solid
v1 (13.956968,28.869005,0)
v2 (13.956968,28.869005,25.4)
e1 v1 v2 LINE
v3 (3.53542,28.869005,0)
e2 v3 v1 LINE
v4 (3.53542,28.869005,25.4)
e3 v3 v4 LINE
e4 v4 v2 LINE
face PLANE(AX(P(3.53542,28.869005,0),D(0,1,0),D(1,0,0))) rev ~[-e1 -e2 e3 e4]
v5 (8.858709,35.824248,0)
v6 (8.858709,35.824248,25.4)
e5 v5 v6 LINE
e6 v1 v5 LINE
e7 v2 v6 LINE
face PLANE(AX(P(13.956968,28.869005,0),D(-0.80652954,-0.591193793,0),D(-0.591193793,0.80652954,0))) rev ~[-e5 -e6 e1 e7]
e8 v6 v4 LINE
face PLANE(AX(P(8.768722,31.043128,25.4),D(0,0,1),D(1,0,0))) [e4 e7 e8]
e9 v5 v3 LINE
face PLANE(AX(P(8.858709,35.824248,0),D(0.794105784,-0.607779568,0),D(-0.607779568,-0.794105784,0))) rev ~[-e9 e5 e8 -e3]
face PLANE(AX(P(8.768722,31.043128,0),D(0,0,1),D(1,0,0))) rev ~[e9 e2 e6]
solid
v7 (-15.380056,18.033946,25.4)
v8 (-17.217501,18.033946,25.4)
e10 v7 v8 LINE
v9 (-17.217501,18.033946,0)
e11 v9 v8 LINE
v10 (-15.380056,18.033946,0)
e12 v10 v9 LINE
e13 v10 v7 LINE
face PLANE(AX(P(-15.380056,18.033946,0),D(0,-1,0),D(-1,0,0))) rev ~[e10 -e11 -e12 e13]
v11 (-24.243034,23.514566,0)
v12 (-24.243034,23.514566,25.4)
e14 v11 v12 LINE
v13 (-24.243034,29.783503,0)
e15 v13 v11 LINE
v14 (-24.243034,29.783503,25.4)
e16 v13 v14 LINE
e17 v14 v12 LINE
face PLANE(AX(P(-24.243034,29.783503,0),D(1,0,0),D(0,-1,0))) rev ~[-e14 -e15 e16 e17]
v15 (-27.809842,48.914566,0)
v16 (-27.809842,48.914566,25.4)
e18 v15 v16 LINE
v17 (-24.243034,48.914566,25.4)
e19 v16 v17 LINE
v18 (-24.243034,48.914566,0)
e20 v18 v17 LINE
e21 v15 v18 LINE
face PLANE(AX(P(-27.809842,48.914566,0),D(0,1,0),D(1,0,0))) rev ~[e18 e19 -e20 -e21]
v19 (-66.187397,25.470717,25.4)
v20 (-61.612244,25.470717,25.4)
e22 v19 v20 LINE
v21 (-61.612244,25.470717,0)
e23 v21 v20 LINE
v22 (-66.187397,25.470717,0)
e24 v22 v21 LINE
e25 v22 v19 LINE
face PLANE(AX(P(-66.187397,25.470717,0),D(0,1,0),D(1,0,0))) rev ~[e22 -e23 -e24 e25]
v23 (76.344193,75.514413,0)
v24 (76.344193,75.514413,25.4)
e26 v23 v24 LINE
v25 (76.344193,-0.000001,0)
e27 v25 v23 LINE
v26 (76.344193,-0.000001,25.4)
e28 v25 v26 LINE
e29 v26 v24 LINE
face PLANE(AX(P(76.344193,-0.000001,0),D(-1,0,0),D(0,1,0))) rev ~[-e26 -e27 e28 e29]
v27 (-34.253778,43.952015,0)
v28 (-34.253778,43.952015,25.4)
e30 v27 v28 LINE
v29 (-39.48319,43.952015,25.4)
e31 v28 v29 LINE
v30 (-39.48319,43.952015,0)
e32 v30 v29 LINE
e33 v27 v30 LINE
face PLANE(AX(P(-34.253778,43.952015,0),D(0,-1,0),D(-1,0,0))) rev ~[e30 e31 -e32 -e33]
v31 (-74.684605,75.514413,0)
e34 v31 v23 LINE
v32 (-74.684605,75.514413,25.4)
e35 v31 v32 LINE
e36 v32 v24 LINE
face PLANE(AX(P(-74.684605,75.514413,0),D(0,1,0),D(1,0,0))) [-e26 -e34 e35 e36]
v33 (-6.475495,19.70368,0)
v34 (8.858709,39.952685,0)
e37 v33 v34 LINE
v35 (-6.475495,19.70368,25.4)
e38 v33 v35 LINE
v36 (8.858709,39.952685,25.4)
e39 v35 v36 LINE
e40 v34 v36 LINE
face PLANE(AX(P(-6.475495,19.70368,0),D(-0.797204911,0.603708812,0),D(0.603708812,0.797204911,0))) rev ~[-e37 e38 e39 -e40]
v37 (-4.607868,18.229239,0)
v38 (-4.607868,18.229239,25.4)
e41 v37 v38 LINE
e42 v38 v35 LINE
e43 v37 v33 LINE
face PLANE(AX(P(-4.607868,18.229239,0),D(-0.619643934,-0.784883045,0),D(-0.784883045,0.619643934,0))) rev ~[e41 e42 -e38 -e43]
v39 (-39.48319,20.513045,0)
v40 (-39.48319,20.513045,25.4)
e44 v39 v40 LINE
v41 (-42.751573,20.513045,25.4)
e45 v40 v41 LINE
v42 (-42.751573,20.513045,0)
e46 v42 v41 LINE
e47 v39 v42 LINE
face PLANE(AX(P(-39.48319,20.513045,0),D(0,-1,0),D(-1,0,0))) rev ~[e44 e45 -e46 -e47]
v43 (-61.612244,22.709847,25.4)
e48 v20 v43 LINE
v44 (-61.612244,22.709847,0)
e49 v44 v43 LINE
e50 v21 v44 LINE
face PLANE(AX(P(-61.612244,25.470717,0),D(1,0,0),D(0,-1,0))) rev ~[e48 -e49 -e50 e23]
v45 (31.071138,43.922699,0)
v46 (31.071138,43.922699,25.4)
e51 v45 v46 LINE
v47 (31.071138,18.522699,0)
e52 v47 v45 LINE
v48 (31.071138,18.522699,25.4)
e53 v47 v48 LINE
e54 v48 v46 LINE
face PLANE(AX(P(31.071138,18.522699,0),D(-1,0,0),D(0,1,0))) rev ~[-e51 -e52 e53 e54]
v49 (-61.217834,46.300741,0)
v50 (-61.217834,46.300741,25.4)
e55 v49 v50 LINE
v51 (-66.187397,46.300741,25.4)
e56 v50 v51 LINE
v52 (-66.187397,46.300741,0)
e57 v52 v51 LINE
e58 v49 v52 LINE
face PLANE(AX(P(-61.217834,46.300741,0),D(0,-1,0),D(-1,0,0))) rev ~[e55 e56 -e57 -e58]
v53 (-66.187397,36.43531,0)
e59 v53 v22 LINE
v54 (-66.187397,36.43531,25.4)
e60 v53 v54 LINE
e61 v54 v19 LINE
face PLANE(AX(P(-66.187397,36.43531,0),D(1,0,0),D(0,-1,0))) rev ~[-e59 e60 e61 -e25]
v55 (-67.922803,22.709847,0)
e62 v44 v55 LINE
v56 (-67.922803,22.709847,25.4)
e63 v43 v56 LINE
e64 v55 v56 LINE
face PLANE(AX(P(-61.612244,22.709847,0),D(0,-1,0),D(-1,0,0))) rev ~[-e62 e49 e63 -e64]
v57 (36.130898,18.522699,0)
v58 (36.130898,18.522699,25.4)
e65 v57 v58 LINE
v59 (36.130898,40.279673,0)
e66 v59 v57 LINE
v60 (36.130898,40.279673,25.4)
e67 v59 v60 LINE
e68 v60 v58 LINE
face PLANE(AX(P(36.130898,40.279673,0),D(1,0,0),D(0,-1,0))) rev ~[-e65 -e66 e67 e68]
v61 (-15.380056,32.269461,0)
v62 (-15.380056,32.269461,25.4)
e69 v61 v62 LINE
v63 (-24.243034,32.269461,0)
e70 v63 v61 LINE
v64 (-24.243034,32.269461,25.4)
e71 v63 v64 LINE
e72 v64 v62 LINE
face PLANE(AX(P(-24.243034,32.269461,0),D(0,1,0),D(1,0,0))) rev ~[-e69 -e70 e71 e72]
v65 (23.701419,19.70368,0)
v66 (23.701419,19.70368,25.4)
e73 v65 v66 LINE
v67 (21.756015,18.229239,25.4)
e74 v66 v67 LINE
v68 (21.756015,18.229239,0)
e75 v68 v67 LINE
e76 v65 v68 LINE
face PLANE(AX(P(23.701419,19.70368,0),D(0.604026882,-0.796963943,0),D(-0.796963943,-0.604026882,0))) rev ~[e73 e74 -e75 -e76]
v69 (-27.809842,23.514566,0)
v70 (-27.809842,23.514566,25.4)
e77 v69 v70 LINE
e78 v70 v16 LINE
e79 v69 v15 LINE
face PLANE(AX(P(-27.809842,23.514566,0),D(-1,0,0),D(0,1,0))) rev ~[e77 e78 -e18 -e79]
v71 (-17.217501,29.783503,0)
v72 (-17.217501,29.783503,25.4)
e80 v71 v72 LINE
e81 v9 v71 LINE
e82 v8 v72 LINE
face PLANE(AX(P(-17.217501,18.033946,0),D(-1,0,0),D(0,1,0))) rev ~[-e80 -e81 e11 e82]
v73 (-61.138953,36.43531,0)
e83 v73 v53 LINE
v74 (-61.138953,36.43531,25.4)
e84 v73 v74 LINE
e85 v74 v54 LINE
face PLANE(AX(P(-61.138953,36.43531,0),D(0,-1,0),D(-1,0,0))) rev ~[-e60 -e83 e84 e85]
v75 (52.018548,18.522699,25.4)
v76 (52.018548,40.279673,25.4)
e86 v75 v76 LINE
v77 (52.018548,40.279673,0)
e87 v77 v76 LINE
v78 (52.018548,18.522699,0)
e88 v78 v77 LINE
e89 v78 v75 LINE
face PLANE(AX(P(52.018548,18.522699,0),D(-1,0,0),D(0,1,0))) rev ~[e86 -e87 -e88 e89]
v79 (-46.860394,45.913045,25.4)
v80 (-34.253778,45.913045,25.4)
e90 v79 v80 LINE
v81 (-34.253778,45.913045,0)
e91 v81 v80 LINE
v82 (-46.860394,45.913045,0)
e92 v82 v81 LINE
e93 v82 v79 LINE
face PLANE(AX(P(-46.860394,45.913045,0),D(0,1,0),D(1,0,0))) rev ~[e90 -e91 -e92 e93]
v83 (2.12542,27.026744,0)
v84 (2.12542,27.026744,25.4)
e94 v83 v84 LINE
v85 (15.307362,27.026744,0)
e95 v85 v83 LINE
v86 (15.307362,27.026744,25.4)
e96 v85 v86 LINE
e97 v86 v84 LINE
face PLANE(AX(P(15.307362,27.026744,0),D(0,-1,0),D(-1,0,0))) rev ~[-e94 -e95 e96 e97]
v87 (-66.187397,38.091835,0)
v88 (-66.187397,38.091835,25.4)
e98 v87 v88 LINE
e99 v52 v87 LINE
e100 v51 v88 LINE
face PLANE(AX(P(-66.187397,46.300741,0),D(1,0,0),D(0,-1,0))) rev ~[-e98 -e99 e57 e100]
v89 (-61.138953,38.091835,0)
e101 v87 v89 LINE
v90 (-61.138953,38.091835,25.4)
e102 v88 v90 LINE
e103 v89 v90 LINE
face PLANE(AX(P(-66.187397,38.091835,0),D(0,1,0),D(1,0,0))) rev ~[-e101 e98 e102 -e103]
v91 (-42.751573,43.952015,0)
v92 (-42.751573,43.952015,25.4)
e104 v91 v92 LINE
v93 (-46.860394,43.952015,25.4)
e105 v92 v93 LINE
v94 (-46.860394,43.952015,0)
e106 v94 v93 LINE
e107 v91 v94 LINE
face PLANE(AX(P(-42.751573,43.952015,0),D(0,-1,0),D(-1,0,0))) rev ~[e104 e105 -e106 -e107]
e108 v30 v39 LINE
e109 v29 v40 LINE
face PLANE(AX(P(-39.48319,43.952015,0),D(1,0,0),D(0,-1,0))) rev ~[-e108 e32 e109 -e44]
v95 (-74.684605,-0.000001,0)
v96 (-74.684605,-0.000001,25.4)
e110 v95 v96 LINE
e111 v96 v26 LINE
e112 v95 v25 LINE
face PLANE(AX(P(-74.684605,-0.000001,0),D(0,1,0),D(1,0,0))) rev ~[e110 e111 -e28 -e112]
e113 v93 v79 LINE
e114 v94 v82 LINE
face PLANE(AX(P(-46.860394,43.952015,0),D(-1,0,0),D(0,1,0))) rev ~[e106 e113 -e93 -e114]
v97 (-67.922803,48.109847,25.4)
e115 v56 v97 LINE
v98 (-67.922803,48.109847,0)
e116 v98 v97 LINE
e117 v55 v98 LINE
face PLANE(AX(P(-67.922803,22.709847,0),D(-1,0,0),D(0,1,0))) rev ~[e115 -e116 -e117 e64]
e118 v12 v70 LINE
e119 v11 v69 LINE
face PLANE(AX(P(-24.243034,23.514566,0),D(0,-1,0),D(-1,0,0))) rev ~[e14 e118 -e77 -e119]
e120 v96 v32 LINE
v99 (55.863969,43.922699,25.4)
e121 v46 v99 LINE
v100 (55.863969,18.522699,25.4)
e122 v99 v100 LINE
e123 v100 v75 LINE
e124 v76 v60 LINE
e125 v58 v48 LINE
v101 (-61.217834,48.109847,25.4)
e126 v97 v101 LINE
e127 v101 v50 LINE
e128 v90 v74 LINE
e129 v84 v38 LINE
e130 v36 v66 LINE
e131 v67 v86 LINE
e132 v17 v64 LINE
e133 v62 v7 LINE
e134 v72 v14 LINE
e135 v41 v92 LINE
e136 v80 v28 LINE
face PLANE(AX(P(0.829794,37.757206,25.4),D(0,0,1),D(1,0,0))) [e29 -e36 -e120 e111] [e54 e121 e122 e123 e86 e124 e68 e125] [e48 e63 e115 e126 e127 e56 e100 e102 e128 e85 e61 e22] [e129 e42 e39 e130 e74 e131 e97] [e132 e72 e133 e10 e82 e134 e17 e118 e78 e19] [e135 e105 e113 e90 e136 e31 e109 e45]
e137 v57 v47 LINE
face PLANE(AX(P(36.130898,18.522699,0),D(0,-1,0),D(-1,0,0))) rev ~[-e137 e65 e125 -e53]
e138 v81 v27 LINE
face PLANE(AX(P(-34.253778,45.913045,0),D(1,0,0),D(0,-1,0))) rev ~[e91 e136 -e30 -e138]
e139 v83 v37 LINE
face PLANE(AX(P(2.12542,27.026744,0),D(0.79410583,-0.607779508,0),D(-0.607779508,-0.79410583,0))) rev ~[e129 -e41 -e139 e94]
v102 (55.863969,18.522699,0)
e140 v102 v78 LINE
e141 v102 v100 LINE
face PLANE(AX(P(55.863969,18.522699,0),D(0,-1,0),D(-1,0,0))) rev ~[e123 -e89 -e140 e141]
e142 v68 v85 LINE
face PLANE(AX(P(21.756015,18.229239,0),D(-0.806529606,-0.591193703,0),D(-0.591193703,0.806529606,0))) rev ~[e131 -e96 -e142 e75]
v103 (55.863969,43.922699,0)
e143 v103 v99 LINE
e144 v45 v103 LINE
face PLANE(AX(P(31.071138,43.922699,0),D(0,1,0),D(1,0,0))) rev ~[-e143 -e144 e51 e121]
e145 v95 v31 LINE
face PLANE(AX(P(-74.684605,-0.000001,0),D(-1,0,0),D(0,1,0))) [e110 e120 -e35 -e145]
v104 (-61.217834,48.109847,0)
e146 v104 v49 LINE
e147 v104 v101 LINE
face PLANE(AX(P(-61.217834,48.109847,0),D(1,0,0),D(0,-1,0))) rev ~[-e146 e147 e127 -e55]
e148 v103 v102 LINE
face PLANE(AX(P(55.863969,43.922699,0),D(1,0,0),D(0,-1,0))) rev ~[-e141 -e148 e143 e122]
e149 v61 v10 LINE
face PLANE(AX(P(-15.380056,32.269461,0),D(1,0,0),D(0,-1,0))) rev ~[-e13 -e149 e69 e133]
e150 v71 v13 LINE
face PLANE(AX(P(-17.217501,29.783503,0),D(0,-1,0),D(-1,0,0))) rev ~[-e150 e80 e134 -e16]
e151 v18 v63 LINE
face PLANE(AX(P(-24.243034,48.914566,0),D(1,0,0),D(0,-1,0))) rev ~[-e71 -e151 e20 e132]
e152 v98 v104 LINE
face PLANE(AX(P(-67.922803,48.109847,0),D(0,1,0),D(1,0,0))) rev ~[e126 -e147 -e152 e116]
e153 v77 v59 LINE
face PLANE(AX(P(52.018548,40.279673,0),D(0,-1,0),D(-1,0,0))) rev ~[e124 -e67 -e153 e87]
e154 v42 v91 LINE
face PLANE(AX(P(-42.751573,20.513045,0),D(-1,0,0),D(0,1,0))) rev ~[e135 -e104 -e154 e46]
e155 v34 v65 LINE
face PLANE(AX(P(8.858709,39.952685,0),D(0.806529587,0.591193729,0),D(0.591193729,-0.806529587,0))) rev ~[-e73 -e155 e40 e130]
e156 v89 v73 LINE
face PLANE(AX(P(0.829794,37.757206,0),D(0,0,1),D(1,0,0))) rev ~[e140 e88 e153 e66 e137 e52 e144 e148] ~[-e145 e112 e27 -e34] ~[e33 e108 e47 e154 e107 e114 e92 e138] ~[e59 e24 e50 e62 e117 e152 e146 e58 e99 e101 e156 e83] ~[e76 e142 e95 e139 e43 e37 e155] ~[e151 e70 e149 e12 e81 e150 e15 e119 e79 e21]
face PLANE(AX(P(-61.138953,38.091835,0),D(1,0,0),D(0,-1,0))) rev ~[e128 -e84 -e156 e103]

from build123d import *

# Parameters (mm, degrees)
F0_W     = 151.028797
F0_H     = 75.514413
F1_DEPTH = 25.4


with BuildPart() as f1:
    # F0 (on Top) → F1 (new body)
    with BuildSketch(Plane.XY):
        with Locations((0.829794, 37.757206)):
            Rectangle(F0_W, F0_H)
        Polygon((-67.922803, 22.709847), (-67.922803, 48.109847), (-66.187397, 48.109847), (-61.217834, 48.109847), (-61.217834, 46.300741), (-66.187397, 46.300741), (-66.187397, 38.091835), (-61.138953, 38.091835), (-61.138953, 36.43531), (-66.187397, 36.43531), (-66.187397, 25.470717), (-61.612244, 25.470717), (-61.612244, 22.709847), (-66.187397, 22.709847), align=None, mode=Mode.SUBTRACT)
        Polygon((-42.751573, 20.513045), (-42.751573, 43.952015), (-46.860394, 43.952015), (-46.860394, 45.913045), (-34.253778, 45.913045), (-34.253778, 43.952015), (-39.48319, 43.952015), (-39.48319, 20.513045), align=None, mode=Mode.SUBTRACT)
        Polygon((-27.809842, 23.514566), (-27.809842, 48.914566), (-24.243034, 48.914566), (-24.243034, 32.269461), (-17.217501, 32.269461), (-15.380056, 32.269461), (-15.380056, 18.033946), (-17.217501, 18.033946), (-17.217501, 29.783503), (-24.243034, 29.783503), (-24.243034, 23.514566), align=None, mode=Mode.SUBTRACT)
        Polygon((-4.607868, 18.229239), (-6.475495, 19.70368), (8.858709, 39.952685), (23.701419, 19.70368), (21.756015, 18.229239), (15.307362, 27.026744), (2.12542, 27.026744), align=None, mode=Mode.SUBTRACT)
        Polygon((36.130898, 18.522699), (31.071138, 18.522699), (31.071138, 43.922699), (36.130898, 43.922699), (52.018548, 43.922699), (55.863969, 43.922699), (55.863969, 18.522699), (52.018548, 18.522699), (52.018548, 40.279673), (36.130898, 40.279673), align=None, mode=Mode.SUBTRACT)
        Polygon((13.956968, 28.869005), (8.858709, 35.824248), (3.53542, 28.869005), align=None)
    extrude(amount=F1_DEPTH)


solid = f1.part
